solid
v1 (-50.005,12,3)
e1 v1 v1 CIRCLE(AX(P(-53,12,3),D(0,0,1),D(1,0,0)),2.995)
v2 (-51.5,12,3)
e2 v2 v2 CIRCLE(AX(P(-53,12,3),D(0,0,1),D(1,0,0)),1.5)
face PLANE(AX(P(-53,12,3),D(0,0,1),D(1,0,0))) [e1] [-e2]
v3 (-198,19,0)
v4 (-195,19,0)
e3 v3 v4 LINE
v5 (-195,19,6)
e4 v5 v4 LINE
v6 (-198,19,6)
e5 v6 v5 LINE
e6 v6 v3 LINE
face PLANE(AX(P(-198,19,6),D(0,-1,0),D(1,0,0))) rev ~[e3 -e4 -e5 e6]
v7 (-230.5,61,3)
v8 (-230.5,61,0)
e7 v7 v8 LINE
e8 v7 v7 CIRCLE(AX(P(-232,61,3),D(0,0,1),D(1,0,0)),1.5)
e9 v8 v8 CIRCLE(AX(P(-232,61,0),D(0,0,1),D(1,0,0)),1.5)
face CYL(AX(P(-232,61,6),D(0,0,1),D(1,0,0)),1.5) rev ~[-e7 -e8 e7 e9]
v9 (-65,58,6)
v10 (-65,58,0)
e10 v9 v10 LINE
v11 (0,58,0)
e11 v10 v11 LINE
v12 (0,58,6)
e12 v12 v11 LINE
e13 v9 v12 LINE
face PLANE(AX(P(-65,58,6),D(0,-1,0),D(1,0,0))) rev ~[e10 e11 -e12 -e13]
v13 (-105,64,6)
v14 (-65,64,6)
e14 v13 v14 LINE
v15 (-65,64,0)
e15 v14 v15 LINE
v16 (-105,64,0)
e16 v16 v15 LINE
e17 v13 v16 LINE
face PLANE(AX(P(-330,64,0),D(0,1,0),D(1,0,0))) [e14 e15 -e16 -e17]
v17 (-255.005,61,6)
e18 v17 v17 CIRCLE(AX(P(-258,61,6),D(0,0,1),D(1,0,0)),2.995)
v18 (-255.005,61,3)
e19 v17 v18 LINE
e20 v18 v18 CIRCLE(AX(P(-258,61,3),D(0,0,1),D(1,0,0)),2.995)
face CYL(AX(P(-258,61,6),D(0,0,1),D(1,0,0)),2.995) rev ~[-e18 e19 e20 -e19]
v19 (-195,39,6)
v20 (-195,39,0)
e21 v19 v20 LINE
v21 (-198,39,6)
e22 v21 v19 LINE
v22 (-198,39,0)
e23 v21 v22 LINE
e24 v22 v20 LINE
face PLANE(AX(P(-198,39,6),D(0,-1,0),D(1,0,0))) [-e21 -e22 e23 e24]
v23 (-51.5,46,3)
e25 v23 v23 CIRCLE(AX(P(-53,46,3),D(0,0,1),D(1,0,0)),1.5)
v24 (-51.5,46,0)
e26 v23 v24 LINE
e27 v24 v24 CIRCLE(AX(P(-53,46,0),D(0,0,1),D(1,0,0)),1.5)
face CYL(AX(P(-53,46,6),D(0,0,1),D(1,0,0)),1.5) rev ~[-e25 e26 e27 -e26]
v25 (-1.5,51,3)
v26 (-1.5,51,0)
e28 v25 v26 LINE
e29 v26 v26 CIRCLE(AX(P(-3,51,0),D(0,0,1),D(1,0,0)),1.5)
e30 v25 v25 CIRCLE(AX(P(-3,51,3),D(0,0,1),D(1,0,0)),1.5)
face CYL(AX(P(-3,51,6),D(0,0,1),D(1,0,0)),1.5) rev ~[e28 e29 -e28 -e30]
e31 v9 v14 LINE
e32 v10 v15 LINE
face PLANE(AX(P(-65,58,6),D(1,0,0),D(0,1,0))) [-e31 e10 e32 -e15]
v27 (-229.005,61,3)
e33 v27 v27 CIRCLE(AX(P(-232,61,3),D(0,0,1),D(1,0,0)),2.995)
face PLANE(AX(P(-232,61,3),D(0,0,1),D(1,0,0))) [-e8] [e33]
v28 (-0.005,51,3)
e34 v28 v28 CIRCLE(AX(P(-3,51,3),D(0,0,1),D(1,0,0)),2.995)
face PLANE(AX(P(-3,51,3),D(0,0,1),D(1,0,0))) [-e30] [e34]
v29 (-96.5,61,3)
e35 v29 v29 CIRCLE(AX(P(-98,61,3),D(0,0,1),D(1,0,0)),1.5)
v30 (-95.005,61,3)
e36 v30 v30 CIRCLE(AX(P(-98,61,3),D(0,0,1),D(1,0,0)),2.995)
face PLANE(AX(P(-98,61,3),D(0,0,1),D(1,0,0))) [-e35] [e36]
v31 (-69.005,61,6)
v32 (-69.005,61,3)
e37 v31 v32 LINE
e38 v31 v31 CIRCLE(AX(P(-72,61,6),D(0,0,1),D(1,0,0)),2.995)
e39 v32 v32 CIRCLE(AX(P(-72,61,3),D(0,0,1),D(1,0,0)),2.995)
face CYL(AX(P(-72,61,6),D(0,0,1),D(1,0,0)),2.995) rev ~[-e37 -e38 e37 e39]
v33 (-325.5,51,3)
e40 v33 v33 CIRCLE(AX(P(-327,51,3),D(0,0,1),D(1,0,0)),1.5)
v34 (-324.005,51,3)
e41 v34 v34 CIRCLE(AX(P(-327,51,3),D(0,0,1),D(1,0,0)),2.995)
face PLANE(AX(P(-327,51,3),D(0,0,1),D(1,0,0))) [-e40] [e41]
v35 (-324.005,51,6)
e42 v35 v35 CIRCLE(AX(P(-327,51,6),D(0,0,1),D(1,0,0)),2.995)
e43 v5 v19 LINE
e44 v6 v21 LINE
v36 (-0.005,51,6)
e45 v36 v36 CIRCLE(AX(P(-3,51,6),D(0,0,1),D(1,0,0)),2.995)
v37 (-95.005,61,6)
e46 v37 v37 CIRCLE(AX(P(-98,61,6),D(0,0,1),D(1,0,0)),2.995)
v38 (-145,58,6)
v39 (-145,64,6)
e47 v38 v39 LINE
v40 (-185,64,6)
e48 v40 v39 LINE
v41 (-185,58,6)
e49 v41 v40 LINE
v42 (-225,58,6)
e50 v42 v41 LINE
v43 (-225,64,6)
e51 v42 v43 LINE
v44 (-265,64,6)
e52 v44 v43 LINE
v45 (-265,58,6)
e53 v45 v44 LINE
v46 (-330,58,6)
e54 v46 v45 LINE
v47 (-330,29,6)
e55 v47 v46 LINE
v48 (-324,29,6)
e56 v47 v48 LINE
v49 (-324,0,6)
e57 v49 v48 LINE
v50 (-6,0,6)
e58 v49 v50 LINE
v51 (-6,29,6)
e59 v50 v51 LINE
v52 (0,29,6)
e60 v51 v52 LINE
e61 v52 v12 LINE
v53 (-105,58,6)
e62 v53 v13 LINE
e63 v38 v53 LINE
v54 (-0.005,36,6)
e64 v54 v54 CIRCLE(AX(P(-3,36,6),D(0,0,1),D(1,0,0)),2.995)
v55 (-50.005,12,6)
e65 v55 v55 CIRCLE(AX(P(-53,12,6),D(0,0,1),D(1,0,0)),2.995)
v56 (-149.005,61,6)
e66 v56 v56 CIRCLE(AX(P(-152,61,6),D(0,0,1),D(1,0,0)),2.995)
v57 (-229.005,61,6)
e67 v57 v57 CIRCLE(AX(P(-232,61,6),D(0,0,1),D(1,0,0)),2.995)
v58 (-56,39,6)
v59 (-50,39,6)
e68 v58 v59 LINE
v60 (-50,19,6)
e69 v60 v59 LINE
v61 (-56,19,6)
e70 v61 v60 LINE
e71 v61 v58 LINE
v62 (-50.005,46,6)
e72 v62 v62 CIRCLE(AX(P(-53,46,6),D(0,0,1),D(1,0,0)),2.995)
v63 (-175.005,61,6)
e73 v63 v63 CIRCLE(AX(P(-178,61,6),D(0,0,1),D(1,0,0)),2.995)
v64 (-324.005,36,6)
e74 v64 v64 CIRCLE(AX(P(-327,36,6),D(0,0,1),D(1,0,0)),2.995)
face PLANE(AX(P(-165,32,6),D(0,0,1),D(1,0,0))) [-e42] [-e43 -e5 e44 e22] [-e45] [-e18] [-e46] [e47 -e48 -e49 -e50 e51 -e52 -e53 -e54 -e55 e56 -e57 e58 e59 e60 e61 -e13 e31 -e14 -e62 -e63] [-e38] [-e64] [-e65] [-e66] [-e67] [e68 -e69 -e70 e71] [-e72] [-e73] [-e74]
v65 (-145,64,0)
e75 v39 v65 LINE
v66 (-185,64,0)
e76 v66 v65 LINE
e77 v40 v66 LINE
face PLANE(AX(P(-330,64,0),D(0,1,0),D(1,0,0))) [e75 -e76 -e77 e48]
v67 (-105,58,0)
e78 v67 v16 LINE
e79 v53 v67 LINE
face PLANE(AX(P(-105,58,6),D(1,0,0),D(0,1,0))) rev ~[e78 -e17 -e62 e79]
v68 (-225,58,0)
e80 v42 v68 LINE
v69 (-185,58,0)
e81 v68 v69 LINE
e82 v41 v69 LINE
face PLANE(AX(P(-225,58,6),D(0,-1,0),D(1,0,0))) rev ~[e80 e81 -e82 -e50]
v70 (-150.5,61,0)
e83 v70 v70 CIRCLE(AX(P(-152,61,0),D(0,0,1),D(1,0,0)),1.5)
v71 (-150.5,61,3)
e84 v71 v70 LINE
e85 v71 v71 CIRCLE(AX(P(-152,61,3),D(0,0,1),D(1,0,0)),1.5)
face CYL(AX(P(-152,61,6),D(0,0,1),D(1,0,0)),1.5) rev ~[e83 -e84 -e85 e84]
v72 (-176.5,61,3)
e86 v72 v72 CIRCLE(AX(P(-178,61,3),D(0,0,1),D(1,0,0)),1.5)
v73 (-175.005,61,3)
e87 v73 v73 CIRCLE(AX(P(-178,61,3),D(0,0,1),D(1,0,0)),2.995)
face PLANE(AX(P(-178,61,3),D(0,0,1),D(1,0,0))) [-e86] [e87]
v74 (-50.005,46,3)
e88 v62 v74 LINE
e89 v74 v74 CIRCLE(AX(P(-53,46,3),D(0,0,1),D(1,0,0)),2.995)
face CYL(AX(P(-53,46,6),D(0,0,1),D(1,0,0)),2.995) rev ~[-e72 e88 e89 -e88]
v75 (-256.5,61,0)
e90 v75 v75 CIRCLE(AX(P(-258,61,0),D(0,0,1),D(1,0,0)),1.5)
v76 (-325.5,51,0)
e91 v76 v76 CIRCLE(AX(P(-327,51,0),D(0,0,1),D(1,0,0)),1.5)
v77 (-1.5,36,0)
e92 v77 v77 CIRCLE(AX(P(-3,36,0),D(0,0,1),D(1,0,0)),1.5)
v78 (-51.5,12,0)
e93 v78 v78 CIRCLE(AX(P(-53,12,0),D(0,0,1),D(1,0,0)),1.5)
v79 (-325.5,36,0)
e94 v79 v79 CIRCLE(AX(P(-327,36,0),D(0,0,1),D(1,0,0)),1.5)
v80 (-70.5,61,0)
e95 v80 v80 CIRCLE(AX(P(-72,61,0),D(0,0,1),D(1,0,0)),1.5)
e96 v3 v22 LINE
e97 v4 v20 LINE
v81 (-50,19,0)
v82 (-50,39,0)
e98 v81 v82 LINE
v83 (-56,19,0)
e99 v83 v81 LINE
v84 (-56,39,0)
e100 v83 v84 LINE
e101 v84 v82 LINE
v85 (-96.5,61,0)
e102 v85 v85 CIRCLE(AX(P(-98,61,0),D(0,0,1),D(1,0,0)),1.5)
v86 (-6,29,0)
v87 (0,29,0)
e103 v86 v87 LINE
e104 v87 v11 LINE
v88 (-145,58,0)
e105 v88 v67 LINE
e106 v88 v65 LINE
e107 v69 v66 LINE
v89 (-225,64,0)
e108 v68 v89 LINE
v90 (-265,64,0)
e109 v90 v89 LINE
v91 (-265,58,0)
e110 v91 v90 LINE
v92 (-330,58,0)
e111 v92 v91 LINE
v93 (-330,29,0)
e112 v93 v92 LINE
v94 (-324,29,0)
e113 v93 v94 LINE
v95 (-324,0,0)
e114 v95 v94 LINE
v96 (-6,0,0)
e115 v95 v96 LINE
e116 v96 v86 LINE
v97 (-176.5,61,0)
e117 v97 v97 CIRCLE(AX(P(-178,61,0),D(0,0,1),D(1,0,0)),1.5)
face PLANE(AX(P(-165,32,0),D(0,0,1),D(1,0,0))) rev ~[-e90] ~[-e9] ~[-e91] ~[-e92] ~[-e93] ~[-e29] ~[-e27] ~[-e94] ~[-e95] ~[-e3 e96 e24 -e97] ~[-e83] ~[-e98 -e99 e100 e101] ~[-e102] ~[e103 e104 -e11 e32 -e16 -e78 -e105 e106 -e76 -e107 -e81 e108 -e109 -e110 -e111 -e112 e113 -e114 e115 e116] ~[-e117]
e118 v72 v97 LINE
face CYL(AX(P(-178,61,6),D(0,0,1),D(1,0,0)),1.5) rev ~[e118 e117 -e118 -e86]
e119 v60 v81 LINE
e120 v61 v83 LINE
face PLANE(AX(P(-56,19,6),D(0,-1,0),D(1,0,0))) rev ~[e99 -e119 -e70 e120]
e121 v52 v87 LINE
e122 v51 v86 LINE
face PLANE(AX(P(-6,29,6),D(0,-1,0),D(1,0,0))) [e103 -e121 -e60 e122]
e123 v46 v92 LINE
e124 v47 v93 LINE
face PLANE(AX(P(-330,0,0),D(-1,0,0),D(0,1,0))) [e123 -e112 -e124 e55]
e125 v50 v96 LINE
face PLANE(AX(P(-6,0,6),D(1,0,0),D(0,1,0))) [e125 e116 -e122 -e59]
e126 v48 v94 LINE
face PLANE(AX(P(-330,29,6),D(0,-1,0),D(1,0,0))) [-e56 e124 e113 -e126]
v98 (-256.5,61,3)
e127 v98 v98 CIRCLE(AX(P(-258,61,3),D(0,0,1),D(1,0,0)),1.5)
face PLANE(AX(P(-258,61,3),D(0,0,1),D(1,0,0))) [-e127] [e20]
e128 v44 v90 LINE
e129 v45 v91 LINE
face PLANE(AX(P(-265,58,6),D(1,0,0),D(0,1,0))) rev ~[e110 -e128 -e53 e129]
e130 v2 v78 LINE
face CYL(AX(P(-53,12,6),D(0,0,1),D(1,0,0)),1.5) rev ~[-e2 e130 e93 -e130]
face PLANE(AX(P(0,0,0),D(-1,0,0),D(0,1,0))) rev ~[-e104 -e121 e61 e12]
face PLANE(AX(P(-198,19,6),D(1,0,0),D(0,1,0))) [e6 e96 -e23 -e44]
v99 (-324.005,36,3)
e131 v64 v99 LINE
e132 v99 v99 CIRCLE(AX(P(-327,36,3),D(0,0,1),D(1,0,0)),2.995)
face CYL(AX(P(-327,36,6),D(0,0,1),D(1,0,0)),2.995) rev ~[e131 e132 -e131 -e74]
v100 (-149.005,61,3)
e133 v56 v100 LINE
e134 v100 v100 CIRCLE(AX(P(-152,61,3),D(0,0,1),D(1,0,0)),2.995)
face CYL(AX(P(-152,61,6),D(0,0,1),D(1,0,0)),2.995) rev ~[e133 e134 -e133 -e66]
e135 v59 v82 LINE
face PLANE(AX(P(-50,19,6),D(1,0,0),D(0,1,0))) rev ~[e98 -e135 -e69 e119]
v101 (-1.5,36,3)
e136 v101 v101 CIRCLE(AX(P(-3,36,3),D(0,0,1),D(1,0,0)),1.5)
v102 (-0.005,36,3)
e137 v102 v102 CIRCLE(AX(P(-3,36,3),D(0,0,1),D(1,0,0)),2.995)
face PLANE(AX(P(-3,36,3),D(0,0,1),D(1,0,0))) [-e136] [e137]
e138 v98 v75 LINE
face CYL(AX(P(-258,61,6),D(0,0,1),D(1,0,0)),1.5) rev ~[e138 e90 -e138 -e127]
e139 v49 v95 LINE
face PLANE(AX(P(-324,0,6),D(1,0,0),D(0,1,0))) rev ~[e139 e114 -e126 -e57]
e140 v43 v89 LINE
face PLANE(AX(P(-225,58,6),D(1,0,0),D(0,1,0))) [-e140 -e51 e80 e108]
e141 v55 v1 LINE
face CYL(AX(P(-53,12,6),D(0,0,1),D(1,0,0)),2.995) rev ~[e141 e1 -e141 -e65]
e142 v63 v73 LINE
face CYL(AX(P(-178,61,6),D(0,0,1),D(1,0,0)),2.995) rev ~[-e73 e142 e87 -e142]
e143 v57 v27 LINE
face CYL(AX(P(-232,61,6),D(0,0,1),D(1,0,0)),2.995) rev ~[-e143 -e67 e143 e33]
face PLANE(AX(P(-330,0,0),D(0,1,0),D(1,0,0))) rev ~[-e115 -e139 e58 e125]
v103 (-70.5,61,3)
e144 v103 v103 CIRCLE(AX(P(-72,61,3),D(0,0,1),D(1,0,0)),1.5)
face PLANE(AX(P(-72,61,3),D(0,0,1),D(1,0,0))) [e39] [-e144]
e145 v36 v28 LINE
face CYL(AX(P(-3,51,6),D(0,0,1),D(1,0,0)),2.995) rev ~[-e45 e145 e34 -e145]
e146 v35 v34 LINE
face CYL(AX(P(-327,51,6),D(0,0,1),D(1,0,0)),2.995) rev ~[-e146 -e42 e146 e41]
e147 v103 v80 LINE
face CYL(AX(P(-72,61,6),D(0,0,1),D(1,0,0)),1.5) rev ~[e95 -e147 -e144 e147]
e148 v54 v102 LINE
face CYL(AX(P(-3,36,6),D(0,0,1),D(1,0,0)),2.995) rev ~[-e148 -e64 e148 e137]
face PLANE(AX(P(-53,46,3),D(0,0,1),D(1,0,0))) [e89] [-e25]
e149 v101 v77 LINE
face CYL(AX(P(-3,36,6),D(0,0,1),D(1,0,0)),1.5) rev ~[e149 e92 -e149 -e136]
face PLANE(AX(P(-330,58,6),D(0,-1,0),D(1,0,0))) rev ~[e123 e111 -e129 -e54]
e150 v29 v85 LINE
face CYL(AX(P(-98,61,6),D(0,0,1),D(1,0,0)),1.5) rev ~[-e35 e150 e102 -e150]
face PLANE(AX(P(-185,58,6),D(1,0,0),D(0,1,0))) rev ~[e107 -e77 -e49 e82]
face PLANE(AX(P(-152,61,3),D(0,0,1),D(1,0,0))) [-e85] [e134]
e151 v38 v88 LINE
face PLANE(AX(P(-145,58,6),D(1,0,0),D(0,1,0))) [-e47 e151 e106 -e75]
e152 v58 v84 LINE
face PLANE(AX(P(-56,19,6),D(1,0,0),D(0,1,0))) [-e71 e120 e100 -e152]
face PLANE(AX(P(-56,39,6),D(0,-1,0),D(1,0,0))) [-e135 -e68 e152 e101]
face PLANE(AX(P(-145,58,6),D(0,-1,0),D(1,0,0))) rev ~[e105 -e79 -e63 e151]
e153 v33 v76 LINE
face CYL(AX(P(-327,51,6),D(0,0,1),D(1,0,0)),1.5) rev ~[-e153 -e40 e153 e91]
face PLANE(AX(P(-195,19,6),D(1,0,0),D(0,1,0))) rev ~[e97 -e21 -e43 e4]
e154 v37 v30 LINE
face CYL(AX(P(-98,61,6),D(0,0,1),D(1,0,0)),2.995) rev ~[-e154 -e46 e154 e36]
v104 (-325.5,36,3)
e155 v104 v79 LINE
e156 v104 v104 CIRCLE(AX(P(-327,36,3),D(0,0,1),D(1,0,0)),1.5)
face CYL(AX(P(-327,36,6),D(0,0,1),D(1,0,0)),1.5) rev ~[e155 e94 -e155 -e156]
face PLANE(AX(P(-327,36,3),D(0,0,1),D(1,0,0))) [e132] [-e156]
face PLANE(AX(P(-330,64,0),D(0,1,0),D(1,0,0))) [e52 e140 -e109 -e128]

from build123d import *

# Parameters (mm, degrees)
ESQUISSE1_W             = 330
ESQUISSE1_H             = 64
BOSS_EXTRU_1_DEPTH      = 6
ESQUISSE2_W             = 65
ESQUISSE2_H             = 6
ESQUISSE2_W_2           = 40
ESQUISSE2_W_3           = 6
ESQUISSE2_H_2           = 29
ENL_V_MAT_EXTRU_1_DEPTH = 337.20232004
ESQUISSE3_W             = 3
ESQUISSE3_H             = 20
ESQUISSE3_W_2           = 6
ENL_V_MAT_EXTRU_2_DEPTH = 337.20232004
ESQUISSE4_R             = 1.5
ENL_V_MAT_EXTRU_3_DEPTH = 337.20232004
ESQUISSE5_R             = 2.995
ENL_V_MAT_EXTRU_4_DEPTH = 3


with BuildPart() as part:
    # Esquisse1 → Boss.-Extru.1 (new body)
    with BuildSketch(Plane.XY):
        with Locations((-165, 32)):
            Rectangle(ESQUISSE1_W, ESQUISSE1_H)
    extrude(amount=BOSS_EXTRU_1_DEPTH)

    # Esquisse2 → Enlèv. mat.-Extru.1 (cut, through all)
    with BuildSketch(Plane.XY.offset(6)):
        with Locations((-297.5, 61)):
            Rectangle(ESQUISSE2_W, ESQUISSE2_H)
        with Locations((-205, 61)):
            Rectangle(ESQUISSE2_W_2, ESQUISSE2_H)
        with Locations((-125, 61)):
            Rectangle(ESQUISSE2_W_2, ESQUISSE2_H)
        with Locations((-32.5, 61)):
            Rectangle(ESQUISSE2_W, ESQUISSE2_H)
        with Locations((-327, 14.5)):
            Rectangle(ESQUISSE2_W_3, ESQUISSE2_H_2)
        with Locations((-3, 14.5)):
            Rectangle(ESQUISSE2_W_3, ESQUISSE2_H_2)
    extrude(amount=-ENL_V_MAT_EXTRU_1_DEPTH, mode=Mode.SUBTRACT)

    # Esquisse3 → Enlèv. mat.-Extru.2 (cut, through all)
    with BuildSketch(Plane.XY.offset(6)):
        with Locations((-196.5, 29)):
            Rectangle(ESQUISSE3_W, ESQUISSE3_H)
        with Locations((-53, 29)):
            Rectangle(ESQUISSE3_W_2, ESQUISSE3_H)
    extrude(amount=-ENL_V_MAT_EXTRU_2_DEPTH, mode=Mode.SUBTRACT)

    # Esquisse4 → Enlèv. mat.-Extru.3 (cut, through all)
    with BuildSketch(Plane.XY.offset(6)):
        with Locations((-327, 51)):
            Circle(ESQUISSE4_R)
        with Locations((-327, 36)):
            Circle(ESQUISSE4_R)
        with Locations((-3, 36)):
            Circle(ESQUISSE4_R)
        with Locations((-258, 61)):
            Circle(ESQUISSE4_R)
        with Locations((-232, 61)):
            Circle(ESQUISSE4_R)
        with Locations((-178, 61)):
            Circle(ESQUISSE4_R)
        with Locations((-152, 61)):
            Circle(ESQUISSE4_R)
        with Locations((-98, 61)):
            Circle(ESQUISSE4_R)
        with Locations((-72, 61)):
            Circle(ESQUISSE4_R)
        with Locations((-53, 46)):
            Circle(ESQUISSE4_R)
        with Locations((-53, 12)):
            Circle(ESQUISSE4_R)
        with Locations((-3, 51)):
            Circle(ESQUISSE4_R)
    extrude(amount=-ENL_V_MAT_EXTRU_3_DEPTH, mode=Mode.SUBTRACT)

    # Esquisse5 → Enlèv. mat.-Extru.4 (cut)
    with BuildSketch(Plane.XY.offset(6)):
        with Locations((-3, 36)):
            Circle(ESQUISSE5_R)
        with Locations((-327, 36)):
            Circle(ESQUISSE5_R)
        with Locations((-327, 51)):
            Circle(ESQUISSE5_R)
        with Locations((-258, 61)):
            Circle(ESQUISSE5_R)
        with Locations((-232, 61)):
            Circle(ESQUISSE5_R)
        with Locations((-178, 61)):
            Circle(ESQUISSE5_R)
        with Locations((-152, 61)):
            Circle(ESQUISSE5_R)
        with Locations((-98, 61)):
            Circle(ESQUISSE5_R)
        with Locations((-72, 61)):
            Circle(ESQUISSE5_R)
        with Locations((-53, 46)):
            Circle(ESQUISSE5_R)
        with Locations((-53, 12)):
            Circle(ESQUISSE5_R)
        with Locations((-3, 51)):
            Circle(ESQUISSE5_R)
    extrude(amount=-ENL_V_MAT_EXTRU_4_DEPTH, mode=Mode.SUBTRACT)


solid = part.part
